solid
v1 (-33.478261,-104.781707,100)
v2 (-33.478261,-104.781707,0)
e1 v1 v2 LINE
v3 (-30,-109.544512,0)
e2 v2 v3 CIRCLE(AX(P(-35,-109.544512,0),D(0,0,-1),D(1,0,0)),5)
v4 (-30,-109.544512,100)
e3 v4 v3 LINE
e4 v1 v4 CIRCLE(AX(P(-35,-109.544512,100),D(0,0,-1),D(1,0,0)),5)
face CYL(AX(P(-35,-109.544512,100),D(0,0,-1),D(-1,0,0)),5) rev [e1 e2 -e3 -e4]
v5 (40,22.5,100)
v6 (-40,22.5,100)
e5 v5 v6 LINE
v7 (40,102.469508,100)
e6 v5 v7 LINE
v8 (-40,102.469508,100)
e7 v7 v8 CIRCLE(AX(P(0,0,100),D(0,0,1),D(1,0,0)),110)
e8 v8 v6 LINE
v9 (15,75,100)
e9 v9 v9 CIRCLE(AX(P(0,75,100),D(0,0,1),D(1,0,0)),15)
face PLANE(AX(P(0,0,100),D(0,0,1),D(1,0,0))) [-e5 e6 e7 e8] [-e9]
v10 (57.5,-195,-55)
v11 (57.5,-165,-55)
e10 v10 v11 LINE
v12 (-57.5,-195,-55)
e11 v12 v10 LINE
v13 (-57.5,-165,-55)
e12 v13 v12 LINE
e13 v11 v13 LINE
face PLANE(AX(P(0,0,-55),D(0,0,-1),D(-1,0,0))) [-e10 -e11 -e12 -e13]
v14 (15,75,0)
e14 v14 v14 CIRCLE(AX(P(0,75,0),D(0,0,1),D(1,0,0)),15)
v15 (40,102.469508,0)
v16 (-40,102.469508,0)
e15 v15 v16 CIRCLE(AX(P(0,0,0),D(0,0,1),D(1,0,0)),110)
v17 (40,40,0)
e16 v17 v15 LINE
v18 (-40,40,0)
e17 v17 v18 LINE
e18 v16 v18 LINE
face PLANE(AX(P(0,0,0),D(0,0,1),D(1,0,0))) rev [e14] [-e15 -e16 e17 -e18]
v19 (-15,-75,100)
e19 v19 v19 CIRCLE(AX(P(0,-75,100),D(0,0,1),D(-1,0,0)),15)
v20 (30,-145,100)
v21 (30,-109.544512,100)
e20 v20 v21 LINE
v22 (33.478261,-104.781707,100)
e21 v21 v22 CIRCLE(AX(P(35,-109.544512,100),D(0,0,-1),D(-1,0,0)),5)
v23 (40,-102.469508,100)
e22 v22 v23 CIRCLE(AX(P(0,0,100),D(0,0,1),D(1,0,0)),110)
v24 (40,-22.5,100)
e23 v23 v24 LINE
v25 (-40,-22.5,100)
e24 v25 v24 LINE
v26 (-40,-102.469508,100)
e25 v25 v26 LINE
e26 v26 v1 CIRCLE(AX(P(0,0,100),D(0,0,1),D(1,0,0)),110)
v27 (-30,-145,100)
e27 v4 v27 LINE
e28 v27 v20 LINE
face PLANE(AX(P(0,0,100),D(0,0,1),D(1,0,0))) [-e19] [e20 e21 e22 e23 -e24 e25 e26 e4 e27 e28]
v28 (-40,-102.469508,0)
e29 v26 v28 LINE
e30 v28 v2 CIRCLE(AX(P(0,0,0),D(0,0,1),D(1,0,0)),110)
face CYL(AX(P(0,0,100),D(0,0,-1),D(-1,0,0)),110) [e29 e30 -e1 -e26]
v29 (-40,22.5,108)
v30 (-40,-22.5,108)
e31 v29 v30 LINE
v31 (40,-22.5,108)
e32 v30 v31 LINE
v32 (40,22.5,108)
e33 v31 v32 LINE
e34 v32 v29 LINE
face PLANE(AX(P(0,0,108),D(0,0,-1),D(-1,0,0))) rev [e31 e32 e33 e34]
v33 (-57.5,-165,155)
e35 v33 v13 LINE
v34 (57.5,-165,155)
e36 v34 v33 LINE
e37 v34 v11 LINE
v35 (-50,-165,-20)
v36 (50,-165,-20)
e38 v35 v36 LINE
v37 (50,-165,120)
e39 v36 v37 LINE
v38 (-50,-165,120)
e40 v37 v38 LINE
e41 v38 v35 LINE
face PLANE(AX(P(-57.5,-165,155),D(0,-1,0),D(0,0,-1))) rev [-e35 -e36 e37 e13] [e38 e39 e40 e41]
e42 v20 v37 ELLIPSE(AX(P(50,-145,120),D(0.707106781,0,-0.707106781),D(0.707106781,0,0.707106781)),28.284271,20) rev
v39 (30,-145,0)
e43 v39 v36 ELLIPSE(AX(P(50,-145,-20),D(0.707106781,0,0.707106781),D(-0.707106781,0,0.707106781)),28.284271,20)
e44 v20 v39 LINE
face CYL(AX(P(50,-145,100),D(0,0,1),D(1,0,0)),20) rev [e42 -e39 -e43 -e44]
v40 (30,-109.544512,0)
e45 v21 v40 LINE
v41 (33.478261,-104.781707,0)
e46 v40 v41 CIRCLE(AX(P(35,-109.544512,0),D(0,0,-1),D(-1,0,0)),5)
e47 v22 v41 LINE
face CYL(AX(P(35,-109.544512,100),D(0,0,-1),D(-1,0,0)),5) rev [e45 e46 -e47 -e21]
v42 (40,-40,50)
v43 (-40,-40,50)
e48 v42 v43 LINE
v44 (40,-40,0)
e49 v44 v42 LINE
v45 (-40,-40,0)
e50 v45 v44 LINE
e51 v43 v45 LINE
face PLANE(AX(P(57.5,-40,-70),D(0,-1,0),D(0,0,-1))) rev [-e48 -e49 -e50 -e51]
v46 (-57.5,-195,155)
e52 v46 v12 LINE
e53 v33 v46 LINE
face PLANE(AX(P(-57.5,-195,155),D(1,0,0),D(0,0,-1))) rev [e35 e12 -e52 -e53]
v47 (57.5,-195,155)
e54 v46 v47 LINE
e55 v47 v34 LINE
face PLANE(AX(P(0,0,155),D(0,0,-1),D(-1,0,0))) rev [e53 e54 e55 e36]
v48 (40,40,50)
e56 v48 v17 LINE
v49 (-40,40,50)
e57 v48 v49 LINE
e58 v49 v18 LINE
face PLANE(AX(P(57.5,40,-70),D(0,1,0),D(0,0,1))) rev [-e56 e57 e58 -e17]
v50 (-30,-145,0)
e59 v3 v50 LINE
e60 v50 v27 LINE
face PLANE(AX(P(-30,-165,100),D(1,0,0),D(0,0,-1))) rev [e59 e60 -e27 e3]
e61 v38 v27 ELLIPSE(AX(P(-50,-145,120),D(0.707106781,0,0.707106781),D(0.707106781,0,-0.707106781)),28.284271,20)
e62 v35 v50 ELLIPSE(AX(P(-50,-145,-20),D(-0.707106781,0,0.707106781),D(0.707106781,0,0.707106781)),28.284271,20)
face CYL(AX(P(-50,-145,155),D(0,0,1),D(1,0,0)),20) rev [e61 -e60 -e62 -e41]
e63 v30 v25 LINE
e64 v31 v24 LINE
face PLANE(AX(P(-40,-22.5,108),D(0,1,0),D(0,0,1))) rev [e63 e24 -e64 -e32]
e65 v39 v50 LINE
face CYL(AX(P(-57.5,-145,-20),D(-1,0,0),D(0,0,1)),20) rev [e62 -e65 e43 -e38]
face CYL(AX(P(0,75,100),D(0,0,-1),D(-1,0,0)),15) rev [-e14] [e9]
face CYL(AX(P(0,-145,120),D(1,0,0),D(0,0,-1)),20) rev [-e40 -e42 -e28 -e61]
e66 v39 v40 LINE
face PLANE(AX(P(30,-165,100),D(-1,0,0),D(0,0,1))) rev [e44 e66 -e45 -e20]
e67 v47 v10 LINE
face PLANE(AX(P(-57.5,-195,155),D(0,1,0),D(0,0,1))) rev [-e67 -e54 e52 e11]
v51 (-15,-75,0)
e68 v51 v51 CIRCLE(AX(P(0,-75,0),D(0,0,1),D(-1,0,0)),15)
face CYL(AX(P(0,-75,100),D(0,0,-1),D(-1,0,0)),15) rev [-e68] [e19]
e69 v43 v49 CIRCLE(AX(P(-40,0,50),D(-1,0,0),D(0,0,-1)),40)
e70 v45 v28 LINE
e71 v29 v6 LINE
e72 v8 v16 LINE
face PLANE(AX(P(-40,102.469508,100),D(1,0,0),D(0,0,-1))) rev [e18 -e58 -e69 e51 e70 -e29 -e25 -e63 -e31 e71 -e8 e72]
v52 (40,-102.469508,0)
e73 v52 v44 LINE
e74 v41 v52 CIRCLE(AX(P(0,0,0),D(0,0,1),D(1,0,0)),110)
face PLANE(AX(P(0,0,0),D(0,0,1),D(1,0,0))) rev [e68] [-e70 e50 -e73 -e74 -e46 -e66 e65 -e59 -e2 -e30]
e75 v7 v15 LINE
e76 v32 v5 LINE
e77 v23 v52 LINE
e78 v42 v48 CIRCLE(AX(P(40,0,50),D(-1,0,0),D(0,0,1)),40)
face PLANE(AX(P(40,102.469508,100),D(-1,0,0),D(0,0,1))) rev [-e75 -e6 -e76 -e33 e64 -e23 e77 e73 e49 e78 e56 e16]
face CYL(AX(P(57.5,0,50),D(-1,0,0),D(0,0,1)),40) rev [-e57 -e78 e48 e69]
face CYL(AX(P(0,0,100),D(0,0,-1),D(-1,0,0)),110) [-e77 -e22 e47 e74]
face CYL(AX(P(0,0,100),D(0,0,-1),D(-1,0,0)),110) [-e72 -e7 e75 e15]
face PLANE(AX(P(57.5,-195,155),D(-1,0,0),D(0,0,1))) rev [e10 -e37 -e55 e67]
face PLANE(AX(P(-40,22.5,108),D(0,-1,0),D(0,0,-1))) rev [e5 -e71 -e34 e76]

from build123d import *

# Parameters (mm, degrees)
SKETCH1_R           = 15
BOSS_EXTRUDE1_DEPTH = 100
BOSS_EXTRUDE2_START = -50
SKETCH2_W           = 115
SKETCH2_H           = 30
BOSS_EXTRUDE2_DEPTH = 105
FILLET1_R           = 20
SKETCH3_W           = 80
SKETCH3_H           = 45
BOSS_EXTRUDE3_DEPTH = 8
CUT_EXTRUDE1_DEPTH  = 268.5


with BuildPart() as part:
    # Sketch1 → Boss-Extrude1 (new body)
    with BuildSketch(Plane.XY):
        with BuildLine():
            Line((-40, 102.46950766), (-40, -102.46950766))
            ThreePointArc((-40, -102.46950766), (-36.757315886, -103.676900652), (-33.47826087, -104.781706653))
            ThreePointArc((-33.47826087, -104.781706653), (-30.962135735, -106.595672378), (-30, -109.544511501))
            Line((-30, -109.544511501), (-30, -165))
            Line((-30, -165), (30, -165))
            Line((30, -165), (30, -109.544511501))
            ThreePointArc((30, -109.544511501), (30.962135735, -106.595672378), (33.47826087, -104.781706653))
            ThreePointArc((33.47826087, -104.781706653), (36.757315886, -103.676900652), (40, -102.46950766))
            Line((40, -102.46950766), (40, 102.46950766))
            ThreePointArc((40, 102.46950766), (0, 110), (-40, 102.46950766))
        make_face()
        with Locations((0, 75)):
            Circle(SKETCH1_R, mode=Mode.SUBTRACT)
        with Locations(Location((0, -75, 0), (0, 0, 180))):
            Circle(SKETCH1_R, mode=Mode.SUBTRACT)
    extrude(amount=BOSS_EXTRUDE1_DEPTH)

    # Sketch2 → Boss-Extrude2 (add, symmetric)
    with BuildSketch(Plane.XY.offset(100).offset(BOSS_EXTRUDE2_START)):
        with Locations((0, -180)):
            Rectangle(SKETCH2_W, SKETCH2_H)
    extrude(amount=BOSS_EXTRUDE2_DEPTH, both=True)

    # Fillet1
    fillet1_edges = [part.edges().sort_by_distance(p)[0] for p in [
        (0, -165, 0),
        (0, -165, 100),
        (30, -165, 50),
        (-30, -165, 50),
    ]]
    fillet(fillet1_edges, radius=FILLET1_R)

    # Sketch3 → Boss-Extrude3 (add)
    with BuildSketch(Plane.XY.offset(100)):
        Rectangle(SKETCH3_W, SKETCH3_H)
    extrude(amount=BOSS_EXTRUDE3_DEPTH)

    # Sketch4 → Cut-Extrude1 (cut, through all)
    with BuildSketch(Plane.ZY.offset(40)):
        with BuildLine():
            Line((-70, -40), (50, -40))
            ThreePointArc((50, -40), (90, 0), (50, 40))
            Line((50, 40), (-70, 40))
            Line((-70, 40), (-70, -40))
        make_face()
    extrude(amount=-CUT_EXTRUDE1_DEPTH, mode=Mode.SUBTRACT)


solid = part.part
